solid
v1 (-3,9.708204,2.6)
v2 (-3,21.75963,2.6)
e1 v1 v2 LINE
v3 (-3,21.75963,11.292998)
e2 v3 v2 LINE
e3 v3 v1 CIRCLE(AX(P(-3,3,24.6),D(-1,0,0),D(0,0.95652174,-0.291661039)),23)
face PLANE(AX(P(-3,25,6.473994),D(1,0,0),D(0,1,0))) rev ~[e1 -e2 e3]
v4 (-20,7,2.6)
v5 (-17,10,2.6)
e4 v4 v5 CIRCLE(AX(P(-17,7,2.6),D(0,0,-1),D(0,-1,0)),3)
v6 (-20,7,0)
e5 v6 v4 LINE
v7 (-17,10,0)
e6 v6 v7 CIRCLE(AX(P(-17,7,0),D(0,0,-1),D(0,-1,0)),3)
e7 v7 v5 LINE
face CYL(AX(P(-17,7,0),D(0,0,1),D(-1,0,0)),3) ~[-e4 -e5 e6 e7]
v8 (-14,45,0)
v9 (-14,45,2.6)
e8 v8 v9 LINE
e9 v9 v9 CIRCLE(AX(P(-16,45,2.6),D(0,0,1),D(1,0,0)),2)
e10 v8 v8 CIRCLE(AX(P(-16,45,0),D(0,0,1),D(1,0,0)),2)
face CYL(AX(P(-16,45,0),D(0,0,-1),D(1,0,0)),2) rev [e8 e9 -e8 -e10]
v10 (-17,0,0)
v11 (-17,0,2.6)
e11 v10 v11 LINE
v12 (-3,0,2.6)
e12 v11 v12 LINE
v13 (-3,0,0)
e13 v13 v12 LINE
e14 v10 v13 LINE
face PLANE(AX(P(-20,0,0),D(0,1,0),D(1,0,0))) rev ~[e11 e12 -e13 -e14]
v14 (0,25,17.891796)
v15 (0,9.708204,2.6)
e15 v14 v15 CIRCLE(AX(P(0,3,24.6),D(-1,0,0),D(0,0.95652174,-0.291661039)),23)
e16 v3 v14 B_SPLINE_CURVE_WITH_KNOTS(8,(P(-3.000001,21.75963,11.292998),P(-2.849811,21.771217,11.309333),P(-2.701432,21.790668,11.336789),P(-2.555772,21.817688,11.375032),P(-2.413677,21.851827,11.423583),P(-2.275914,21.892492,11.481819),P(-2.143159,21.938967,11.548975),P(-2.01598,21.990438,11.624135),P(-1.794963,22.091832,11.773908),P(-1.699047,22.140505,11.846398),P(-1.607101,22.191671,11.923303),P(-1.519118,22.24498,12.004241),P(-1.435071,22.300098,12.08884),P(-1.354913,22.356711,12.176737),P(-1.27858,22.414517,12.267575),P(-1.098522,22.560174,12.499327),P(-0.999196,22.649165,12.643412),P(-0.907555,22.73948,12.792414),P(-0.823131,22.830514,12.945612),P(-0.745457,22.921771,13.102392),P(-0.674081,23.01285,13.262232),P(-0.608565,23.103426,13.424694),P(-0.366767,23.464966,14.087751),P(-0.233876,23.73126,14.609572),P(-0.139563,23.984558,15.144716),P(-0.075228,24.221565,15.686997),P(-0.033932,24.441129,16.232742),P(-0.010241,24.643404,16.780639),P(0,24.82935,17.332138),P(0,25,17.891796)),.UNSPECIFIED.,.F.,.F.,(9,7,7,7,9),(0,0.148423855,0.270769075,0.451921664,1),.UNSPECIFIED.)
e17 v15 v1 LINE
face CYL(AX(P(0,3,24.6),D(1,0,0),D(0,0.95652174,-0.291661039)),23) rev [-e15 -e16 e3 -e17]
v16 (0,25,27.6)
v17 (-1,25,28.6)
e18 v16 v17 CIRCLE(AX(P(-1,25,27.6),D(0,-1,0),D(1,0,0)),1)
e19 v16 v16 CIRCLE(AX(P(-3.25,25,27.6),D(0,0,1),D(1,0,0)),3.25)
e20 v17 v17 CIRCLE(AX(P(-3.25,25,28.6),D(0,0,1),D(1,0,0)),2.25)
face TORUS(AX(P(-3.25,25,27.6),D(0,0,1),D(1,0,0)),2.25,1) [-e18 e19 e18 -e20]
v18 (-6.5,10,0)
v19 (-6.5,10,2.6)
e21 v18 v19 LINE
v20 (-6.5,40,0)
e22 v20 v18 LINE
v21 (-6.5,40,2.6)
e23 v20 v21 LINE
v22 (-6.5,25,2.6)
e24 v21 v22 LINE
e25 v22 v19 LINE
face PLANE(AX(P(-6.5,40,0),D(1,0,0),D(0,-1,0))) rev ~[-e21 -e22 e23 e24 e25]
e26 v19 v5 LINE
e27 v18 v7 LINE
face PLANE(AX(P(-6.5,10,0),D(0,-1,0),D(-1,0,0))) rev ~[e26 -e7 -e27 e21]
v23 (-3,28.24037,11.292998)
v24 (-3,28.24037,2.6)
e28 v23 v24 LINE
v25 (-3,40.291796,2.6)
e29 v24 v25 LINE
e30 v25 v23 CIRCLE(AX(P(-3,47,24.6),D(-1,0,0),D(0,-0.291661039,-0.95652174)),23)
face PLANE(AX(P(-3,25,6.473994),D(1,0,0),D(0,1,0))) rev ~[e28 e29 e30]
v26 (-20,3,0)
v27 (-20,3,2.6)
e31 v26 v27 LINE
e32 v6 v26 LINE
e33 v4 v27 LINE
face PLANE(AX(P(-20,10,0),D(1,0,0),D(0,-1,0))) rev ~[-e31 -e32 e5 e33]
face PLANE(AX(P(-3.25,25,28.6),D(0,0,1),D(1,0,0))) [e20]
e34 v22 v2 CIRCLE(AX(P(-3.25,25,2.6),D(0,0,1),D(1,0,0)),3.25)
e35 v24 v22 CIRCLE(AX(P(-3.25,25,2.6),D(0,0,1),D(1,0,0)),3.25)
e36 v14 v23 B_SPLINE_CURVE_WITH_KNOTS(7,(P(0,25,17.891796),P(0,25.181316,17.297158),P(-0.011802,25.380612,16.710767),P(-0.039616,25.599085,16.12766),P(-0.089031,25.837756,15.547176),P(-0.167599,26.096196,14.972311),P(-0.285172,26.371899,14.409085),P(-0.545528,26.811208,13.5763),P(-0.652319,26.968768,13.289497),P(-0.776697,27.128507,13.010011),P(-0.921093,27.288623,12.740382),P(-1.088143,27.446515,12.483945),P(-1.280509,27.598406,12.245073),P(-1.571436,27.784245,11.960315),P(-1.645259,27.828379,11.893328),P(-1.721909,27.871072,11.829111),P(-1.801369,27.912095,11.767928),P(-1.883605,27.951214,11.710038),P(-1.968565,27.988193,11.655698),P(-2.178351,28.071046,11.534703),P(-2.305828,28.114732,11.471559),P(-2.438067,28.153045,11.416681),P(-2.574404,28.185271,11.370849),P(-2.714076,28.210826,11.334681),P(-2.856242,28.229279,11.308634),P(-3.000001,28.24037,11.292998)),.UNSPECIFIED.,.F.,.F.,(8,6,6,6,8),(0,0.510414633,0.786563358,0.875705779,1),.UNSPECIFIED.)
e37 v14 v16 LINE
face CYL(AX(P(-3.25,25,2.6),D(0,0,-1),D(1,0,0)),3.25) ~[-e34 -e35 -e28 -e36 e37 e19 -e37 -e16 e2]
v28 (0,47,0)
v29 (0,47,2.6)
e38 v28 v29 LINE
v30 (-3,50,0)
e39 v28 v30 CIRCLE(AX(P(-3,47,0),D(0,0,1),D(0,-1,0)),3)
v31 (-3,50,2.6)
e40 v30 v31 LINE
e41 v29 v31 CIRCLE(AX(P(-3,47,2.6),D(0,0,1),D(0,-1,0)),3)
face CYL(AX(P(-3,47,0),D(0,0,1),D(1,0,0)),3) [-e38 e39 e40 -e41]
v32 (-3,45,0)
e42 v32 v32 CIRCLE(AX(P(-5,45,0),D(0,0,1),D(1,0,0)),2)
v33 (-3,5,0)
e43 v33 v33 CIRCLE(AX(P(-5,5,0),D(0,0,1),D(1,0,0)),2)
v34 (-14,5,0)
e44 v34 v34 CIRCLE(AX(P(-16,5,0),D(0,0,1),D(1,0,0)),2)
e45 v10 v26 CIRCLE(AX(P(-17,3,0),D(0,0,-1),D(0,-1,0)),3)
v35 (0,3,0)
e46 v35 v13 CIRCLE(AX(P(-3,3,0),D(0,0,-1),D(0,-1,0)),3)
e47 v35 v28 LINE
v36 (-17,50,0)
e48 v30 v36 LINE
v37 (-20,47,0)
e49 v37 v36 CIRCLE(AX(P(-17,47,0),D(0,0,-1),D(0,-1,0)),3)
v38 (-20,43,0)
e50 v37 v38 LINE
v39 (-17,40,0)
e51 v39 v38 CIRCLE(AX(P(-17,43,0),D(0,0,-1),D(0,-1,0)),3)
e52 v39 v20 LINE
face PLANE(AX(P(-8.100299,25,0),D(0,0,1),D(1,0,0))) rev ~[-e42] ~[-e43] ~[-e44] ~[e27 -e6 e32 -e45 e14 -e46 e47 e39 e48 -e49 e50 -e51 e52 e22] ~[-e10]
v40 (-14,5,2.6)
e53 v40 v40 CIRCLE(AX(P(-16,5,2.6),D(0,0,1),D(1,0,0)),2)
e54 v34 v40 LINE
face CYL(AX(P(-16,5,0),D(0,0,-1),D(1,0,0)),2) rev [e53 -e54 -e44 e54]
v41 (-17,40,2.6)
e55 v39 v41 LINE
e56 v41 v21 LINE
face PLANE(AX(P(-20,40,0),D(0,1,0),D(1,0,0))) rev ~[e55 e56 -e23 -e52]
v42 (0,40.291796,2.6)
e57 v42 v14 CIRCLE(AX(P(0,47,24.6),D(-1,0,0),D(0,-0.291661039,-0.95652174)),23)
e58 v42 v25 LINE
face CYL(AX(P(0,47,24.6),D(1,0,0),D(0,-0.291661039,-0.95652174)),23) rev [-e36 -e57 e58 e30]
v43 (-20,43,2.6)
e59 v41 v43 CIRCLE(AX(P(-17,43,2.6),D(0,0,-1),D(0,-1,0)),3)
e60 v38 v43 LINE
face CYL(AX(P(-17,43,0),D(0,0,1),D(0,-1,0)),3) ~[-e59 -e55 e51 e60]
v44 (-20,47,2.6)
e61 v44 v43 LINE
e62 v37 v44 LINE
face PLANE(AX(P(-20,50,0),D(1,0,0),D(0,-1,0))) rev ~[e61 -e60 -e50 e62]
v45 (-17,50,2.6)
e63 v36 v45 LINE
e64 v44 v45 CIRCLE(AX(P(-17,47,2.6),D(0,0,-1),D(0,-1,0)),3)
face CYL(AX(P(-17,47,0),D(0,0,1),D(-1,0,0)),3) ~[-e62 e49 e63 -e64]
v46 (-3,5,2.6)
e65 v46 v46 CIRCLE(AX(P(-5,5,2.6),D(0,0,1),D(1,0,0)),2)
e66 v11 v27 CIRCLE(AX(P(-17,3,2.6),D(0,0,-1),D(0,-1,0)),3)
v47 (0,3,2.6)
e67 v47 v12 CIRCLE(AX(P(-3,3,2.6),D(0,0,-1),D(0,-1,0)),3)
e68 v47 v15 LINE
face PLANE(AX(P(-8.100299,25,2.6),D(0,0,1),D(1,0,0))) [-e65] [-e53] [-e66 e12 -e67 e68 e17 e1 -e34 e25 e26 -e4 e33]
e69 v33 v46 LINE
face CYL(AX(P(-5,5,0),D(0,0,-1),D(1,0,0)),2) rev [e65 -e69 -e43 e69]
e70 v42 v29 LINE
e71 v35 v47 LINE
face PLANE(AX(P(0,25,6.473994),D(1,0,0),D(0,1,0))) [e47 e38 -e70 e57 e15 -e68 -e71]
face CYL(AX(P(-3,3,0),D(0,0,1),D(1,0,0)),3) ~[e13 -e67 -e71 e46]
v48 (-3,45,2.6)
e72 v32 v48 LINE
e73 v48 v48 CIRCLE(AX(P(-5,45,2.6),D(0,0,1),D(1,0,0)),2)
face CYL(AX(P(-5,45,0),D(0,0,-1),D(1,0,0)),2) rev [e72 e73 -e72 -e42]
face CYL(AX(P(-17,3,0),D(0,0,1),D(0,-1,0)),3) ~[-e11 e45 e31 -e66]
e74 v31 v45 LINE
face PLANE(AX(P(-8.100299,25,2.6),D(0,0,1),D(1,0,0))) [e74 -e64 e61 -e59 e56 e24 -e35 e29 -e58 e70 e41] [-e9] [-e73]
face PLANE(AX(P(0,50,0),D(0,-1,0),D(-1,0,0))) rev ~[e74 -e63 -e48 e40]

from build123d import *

# Parameters (mm, degrees)
F0_R     = 2
F1_DEPTH = 2.6
F2_R     = 3.25
F3_DEPTH = 26
F4_R     = 3
F6_DEPTH = 3
F7_R     = 1


with BuildPart() as f1:
    # F0 (on Top) → F1 (new body)
    with BuildSketch(Plane.XY):
        Polygon((0, 50), (-20, 50), (-20, 40), (-6.5, 40), (-6.5, 10), (-20, 10), (-20, 0), (0, 0), align=None)
        with Locations((-16, 5)):
            Circle(F0_R, mode=Mode.SUBTRACT)
        with Locations((-5, 5)):
            Circle(F0_R, mode=Mode.SUBTRACT)
        with Locations((-16, 45)):
            Circle(F0_R, mode=Mode.SUBTRACT)
        with Locations((-5, 45)):
            Circle(F0_R, mode=Mode.SUBTRACT)
    extrude(amount=F1_DEPTH)

    # F2 (on face) → F3 (join)
    with BuildSketch(Plane.XY.offset(2.6)):
        with Locations((-3.25, 25)):
            Circle(F2_R)
    extrude(amount=F3_DEPTH)

    # F4
    f4_edges = [f1.edges().sort_by_distance(p)[0] for p in [
        (-20, 50, 1.3),
        (-20, 40, 1.3),
        (-20, 10, 1.3),
        (-20, 0, 1.3),
        (0, 50, 1.3),
        (0, 0, 1.3),
    ]]
    fillet(f4_edges, radius=F4_R)

    # F5 (on face) → F6 (join)
    with BuildSketch(Plane.YZ):
        with BuildLine():
            ThreePointArc((25, 17.891796), (19.263456, 8.336544), (9.708204, 2.6))
            Line((9.708204, 2.6), (25, 2.6))
            Line((25, 2.6), (40.291796, 2.6))
            ThreePointArc((40.291796, 2.6), (30.736544, 8.336544), (25, 17.891796))
        make_face()
    extrude(amount=-F6_DEPTH)

    # F7
    f7_edges = [f1.edges().sort_by_distance(p)[0] for p in [
        (-6.5, 25, 28.6),
    ]]
    fillet(f7_edges, radius=F7_R)


solid = f1.part
